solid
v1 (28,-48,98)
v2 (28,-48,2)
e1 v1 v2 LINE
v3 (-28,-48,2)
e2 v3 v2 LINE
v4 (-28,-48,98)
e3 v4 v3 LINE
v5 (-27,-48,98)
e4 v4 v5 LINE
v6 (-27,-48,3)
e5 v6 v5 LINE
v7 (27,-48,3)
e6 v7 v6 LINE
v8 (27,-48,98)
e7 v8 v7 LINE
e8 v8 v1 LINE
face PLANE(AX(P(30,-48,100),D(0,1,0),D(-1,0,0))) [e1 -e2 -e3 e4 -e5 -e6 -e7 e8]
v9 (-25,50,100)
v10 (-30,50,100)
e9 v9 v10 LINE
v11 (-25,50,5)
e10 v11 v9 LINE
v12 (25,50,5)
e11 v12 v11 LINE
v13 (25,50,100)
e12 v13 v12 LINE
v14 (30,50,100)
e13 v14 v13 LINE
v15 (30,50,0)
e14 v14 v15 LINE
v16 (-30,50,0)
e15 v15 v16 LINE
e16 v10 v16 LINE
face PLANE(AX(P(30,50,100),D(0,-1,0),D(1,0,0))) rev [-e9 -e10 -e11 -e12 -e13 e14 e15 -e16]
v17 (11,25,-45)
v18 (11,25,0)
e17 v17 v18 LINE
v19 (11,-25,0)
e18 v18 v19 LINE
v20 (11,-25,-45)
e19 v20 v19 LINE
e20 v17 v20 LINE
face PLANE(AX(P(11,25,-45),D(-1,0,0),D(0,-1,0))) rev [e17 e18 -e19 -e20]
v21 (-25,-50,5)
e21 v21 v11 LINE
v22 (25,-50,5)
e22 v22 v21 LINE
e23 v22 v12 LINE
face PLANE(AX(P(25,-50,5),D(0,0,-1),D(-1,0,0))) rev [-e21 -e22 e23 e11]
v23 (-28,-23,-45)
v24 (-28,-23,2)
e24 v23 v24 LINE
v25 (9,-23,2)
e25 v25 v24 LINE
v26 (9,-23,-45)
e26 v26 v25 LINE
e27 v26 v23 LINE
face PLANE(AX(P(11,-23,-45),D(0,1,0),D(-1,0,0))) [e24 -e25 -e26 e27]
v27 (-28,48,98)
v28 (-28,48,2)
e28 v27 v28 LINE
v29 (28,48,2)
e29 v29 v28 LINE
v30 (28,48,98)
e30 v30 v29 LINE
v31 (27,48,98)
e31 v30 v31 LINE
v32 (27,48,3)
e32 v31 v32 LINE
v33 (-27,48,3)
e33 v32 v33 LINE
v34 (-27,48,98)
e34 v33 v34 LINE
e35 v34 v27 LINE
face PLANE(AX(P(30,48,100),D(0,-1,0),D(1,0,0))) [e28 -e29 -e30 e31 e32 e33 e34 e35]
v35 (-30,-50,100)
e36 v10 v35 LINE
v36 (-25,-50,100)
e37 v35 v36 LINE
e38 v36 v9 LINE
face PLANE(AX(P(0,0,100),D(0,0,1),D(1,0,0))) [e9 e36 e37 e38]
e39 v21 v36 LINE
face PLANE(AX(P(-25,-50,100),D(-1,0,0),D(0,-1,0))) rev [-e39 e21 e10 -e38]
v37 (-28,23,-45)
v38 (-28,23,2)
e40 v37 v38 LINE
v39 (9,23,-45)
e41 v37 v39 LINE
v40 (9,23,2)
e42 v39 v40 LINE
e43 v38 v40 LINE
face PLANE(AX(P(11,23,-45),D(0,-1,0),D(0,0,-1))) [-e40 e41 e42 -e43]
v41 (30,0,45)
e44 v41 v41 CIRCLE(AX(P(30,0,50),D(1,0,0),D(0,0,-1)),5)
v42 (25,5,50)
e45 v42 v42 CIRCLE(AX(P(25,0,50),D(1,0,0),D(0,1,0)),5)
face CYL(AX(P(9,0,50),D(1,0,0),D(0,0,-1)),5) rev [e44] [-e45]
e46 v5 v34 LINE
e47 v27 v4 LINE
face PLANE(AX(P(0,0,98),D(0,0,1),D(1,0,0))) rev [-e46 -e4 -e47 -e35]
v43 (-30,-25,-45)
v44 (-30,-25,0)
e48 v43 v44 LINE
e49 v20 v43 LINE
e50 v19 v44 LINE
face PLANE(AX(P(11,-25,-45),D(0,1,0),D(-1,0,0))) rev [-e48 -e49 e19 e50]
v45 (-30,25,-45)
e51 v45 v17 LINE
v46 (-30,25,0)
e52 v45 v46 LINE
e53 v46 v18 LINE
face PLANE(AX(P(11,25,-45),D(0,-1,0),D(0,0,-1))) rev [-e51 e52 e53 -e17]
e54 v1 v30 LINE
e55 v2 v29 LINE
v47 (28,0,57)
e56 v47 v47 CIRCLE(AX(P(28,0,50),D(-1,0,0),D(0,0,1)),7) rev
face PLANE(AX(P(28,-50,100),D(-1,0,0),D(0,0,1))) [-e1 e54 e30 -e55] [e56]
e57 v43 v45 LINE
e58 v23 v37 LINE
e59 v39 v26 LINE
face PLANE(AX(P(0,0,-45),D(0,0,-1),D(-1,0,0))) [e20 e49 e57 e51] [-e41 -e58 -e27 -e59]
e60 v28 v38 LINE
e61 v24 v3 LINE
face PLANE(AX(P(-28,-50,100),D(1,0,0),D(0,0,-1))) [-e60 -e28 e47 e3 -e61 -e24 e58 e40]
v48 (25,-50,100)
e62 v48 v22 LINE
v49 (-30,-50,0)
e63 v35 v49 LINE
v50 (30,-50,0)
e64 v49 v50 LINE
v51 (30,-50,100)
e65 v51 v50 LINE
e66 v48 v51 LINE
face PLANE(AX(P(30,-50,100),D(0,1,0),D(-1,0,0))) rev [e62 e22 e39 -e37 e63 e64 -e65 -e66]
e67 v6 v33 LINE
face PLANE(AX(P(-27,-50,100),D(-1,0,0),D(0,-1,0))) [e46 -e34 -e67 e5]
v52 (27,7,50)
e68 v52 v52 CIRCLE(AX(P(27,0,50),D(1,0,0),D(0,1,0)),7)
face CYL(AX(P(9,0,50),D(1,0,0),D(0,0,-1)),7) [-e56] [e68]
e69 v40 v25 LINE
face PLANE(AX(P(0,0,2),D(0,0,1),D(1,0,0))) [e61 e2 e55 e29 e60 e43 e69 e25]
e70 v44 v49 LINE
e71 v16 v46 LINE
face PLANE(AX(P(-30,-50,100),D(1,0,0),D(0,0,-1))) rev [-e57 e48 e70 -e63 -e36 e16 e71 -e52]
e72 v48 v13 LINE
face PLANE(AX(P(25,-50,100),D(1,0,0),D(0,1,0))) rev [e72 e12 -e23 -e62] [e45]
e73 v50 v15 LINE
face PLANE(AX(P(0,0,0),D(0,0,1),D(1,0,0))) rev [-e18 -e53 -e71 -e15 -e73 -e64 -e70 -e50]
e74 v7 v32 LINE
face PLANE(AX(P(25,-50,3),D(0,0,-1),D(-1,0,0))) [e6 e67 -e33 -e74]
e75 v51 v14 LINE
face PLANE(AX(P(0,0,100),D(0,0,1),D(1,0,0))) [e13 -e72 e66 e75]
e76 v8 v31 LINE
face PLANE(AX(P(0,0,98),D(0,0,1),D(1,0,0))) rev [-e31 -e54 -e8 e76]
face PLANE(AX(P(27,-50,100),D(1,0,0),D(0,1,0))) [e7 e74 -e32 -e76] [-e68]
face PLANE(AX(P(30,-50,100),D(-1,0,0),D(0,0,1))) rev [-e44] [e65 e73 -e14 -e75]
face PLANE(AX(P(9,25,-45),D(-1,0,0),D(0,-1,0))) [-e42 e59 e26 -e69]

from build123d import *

# Parameters (mm, degrees)
SCHIZZO1_W                   = 60
SCHIZZO1_H                   = 100
ESTRUSIONE_ESTRUSIONE1_DEPTH = 100
SCHIZZO2_W                   = 50
SCHIZZO2_H                   = 95
TAGLIO_ESTRUSIONE1_DEPTH     = 101
SCHIZZO3_R                   = 5
TAGLIO_ESTRUSIONE2_DEPTH     = 21
SCHIZZO4_W                   = 41
SCHIZZO4_H                   = 50
ESTRUSIONE_ESTRUSIONE2_DEPTH = 45
SVUOTA1_T                    = -2


with BuildPart() as part:
    # Schizzo1 → Estrusione-Estrusione1 (new body)
    with BuildSketch(Plane.XY):
        Rectangle(SCHIZZO1_W, SCHIZZO1_H)
    extrude(amount=ESTRUSIONE_ESTRUSIONE1_DEPTH)

    # Schizzo2 → Taglio-Estrusione1 (cut, through all)
    with BuildSketch(Plane(origin=(0, 50, 0), x_dir=(1, 0, 0), z_dir=(0, 1, 0))):
        with Locations((0, -52.5)):
            Rectangle(SCHIZZO2_W, SCHIZZO2_H)
    extrude(amount=-TAGLIO_ESTRUSIONE1_DEPTH, mode=Mode.SUBTRACT)

    # Schizzo3 → Taglio-Estrusione2 (cut)
    with BuildSketch(Plane(origin=(30, 0, 0), x_dir=(0, 0, -1), z_dir=(1, 0, 0))):
        with Locations((-50, 0)):
            Circle(SCHIZZO3_R)
    extrude(amount=-TAGLIO_ESTRUSIONE2_DEPTH, mode=Mode.SUBTRACT)

    # Schizzo4 → Estrusione-Estrusione2 (add)
    with BuildSketch(Plane(origin=(0, 0, 0), x_dir=(-1, 0, 0), z_dir=(0, 0, -1))):
        with Locations((9.5, 0)):
            Rectangle(SCHIZZO4_W, SCHIZZO4_H)
    extrude(amount=ESTRUSIONE_ESTRUSIONE2_DEPTH)

    # Svuota1
    svuota1_openings = [part.faces().sort_by_distance(p)[0] for p in [
        (-9.5, 0, -45),
    ]]
    offset(amount=SVUOTA1_T, openings=svuota1_openings, kind=Kind.INTERSECTION)


solid = part.part
